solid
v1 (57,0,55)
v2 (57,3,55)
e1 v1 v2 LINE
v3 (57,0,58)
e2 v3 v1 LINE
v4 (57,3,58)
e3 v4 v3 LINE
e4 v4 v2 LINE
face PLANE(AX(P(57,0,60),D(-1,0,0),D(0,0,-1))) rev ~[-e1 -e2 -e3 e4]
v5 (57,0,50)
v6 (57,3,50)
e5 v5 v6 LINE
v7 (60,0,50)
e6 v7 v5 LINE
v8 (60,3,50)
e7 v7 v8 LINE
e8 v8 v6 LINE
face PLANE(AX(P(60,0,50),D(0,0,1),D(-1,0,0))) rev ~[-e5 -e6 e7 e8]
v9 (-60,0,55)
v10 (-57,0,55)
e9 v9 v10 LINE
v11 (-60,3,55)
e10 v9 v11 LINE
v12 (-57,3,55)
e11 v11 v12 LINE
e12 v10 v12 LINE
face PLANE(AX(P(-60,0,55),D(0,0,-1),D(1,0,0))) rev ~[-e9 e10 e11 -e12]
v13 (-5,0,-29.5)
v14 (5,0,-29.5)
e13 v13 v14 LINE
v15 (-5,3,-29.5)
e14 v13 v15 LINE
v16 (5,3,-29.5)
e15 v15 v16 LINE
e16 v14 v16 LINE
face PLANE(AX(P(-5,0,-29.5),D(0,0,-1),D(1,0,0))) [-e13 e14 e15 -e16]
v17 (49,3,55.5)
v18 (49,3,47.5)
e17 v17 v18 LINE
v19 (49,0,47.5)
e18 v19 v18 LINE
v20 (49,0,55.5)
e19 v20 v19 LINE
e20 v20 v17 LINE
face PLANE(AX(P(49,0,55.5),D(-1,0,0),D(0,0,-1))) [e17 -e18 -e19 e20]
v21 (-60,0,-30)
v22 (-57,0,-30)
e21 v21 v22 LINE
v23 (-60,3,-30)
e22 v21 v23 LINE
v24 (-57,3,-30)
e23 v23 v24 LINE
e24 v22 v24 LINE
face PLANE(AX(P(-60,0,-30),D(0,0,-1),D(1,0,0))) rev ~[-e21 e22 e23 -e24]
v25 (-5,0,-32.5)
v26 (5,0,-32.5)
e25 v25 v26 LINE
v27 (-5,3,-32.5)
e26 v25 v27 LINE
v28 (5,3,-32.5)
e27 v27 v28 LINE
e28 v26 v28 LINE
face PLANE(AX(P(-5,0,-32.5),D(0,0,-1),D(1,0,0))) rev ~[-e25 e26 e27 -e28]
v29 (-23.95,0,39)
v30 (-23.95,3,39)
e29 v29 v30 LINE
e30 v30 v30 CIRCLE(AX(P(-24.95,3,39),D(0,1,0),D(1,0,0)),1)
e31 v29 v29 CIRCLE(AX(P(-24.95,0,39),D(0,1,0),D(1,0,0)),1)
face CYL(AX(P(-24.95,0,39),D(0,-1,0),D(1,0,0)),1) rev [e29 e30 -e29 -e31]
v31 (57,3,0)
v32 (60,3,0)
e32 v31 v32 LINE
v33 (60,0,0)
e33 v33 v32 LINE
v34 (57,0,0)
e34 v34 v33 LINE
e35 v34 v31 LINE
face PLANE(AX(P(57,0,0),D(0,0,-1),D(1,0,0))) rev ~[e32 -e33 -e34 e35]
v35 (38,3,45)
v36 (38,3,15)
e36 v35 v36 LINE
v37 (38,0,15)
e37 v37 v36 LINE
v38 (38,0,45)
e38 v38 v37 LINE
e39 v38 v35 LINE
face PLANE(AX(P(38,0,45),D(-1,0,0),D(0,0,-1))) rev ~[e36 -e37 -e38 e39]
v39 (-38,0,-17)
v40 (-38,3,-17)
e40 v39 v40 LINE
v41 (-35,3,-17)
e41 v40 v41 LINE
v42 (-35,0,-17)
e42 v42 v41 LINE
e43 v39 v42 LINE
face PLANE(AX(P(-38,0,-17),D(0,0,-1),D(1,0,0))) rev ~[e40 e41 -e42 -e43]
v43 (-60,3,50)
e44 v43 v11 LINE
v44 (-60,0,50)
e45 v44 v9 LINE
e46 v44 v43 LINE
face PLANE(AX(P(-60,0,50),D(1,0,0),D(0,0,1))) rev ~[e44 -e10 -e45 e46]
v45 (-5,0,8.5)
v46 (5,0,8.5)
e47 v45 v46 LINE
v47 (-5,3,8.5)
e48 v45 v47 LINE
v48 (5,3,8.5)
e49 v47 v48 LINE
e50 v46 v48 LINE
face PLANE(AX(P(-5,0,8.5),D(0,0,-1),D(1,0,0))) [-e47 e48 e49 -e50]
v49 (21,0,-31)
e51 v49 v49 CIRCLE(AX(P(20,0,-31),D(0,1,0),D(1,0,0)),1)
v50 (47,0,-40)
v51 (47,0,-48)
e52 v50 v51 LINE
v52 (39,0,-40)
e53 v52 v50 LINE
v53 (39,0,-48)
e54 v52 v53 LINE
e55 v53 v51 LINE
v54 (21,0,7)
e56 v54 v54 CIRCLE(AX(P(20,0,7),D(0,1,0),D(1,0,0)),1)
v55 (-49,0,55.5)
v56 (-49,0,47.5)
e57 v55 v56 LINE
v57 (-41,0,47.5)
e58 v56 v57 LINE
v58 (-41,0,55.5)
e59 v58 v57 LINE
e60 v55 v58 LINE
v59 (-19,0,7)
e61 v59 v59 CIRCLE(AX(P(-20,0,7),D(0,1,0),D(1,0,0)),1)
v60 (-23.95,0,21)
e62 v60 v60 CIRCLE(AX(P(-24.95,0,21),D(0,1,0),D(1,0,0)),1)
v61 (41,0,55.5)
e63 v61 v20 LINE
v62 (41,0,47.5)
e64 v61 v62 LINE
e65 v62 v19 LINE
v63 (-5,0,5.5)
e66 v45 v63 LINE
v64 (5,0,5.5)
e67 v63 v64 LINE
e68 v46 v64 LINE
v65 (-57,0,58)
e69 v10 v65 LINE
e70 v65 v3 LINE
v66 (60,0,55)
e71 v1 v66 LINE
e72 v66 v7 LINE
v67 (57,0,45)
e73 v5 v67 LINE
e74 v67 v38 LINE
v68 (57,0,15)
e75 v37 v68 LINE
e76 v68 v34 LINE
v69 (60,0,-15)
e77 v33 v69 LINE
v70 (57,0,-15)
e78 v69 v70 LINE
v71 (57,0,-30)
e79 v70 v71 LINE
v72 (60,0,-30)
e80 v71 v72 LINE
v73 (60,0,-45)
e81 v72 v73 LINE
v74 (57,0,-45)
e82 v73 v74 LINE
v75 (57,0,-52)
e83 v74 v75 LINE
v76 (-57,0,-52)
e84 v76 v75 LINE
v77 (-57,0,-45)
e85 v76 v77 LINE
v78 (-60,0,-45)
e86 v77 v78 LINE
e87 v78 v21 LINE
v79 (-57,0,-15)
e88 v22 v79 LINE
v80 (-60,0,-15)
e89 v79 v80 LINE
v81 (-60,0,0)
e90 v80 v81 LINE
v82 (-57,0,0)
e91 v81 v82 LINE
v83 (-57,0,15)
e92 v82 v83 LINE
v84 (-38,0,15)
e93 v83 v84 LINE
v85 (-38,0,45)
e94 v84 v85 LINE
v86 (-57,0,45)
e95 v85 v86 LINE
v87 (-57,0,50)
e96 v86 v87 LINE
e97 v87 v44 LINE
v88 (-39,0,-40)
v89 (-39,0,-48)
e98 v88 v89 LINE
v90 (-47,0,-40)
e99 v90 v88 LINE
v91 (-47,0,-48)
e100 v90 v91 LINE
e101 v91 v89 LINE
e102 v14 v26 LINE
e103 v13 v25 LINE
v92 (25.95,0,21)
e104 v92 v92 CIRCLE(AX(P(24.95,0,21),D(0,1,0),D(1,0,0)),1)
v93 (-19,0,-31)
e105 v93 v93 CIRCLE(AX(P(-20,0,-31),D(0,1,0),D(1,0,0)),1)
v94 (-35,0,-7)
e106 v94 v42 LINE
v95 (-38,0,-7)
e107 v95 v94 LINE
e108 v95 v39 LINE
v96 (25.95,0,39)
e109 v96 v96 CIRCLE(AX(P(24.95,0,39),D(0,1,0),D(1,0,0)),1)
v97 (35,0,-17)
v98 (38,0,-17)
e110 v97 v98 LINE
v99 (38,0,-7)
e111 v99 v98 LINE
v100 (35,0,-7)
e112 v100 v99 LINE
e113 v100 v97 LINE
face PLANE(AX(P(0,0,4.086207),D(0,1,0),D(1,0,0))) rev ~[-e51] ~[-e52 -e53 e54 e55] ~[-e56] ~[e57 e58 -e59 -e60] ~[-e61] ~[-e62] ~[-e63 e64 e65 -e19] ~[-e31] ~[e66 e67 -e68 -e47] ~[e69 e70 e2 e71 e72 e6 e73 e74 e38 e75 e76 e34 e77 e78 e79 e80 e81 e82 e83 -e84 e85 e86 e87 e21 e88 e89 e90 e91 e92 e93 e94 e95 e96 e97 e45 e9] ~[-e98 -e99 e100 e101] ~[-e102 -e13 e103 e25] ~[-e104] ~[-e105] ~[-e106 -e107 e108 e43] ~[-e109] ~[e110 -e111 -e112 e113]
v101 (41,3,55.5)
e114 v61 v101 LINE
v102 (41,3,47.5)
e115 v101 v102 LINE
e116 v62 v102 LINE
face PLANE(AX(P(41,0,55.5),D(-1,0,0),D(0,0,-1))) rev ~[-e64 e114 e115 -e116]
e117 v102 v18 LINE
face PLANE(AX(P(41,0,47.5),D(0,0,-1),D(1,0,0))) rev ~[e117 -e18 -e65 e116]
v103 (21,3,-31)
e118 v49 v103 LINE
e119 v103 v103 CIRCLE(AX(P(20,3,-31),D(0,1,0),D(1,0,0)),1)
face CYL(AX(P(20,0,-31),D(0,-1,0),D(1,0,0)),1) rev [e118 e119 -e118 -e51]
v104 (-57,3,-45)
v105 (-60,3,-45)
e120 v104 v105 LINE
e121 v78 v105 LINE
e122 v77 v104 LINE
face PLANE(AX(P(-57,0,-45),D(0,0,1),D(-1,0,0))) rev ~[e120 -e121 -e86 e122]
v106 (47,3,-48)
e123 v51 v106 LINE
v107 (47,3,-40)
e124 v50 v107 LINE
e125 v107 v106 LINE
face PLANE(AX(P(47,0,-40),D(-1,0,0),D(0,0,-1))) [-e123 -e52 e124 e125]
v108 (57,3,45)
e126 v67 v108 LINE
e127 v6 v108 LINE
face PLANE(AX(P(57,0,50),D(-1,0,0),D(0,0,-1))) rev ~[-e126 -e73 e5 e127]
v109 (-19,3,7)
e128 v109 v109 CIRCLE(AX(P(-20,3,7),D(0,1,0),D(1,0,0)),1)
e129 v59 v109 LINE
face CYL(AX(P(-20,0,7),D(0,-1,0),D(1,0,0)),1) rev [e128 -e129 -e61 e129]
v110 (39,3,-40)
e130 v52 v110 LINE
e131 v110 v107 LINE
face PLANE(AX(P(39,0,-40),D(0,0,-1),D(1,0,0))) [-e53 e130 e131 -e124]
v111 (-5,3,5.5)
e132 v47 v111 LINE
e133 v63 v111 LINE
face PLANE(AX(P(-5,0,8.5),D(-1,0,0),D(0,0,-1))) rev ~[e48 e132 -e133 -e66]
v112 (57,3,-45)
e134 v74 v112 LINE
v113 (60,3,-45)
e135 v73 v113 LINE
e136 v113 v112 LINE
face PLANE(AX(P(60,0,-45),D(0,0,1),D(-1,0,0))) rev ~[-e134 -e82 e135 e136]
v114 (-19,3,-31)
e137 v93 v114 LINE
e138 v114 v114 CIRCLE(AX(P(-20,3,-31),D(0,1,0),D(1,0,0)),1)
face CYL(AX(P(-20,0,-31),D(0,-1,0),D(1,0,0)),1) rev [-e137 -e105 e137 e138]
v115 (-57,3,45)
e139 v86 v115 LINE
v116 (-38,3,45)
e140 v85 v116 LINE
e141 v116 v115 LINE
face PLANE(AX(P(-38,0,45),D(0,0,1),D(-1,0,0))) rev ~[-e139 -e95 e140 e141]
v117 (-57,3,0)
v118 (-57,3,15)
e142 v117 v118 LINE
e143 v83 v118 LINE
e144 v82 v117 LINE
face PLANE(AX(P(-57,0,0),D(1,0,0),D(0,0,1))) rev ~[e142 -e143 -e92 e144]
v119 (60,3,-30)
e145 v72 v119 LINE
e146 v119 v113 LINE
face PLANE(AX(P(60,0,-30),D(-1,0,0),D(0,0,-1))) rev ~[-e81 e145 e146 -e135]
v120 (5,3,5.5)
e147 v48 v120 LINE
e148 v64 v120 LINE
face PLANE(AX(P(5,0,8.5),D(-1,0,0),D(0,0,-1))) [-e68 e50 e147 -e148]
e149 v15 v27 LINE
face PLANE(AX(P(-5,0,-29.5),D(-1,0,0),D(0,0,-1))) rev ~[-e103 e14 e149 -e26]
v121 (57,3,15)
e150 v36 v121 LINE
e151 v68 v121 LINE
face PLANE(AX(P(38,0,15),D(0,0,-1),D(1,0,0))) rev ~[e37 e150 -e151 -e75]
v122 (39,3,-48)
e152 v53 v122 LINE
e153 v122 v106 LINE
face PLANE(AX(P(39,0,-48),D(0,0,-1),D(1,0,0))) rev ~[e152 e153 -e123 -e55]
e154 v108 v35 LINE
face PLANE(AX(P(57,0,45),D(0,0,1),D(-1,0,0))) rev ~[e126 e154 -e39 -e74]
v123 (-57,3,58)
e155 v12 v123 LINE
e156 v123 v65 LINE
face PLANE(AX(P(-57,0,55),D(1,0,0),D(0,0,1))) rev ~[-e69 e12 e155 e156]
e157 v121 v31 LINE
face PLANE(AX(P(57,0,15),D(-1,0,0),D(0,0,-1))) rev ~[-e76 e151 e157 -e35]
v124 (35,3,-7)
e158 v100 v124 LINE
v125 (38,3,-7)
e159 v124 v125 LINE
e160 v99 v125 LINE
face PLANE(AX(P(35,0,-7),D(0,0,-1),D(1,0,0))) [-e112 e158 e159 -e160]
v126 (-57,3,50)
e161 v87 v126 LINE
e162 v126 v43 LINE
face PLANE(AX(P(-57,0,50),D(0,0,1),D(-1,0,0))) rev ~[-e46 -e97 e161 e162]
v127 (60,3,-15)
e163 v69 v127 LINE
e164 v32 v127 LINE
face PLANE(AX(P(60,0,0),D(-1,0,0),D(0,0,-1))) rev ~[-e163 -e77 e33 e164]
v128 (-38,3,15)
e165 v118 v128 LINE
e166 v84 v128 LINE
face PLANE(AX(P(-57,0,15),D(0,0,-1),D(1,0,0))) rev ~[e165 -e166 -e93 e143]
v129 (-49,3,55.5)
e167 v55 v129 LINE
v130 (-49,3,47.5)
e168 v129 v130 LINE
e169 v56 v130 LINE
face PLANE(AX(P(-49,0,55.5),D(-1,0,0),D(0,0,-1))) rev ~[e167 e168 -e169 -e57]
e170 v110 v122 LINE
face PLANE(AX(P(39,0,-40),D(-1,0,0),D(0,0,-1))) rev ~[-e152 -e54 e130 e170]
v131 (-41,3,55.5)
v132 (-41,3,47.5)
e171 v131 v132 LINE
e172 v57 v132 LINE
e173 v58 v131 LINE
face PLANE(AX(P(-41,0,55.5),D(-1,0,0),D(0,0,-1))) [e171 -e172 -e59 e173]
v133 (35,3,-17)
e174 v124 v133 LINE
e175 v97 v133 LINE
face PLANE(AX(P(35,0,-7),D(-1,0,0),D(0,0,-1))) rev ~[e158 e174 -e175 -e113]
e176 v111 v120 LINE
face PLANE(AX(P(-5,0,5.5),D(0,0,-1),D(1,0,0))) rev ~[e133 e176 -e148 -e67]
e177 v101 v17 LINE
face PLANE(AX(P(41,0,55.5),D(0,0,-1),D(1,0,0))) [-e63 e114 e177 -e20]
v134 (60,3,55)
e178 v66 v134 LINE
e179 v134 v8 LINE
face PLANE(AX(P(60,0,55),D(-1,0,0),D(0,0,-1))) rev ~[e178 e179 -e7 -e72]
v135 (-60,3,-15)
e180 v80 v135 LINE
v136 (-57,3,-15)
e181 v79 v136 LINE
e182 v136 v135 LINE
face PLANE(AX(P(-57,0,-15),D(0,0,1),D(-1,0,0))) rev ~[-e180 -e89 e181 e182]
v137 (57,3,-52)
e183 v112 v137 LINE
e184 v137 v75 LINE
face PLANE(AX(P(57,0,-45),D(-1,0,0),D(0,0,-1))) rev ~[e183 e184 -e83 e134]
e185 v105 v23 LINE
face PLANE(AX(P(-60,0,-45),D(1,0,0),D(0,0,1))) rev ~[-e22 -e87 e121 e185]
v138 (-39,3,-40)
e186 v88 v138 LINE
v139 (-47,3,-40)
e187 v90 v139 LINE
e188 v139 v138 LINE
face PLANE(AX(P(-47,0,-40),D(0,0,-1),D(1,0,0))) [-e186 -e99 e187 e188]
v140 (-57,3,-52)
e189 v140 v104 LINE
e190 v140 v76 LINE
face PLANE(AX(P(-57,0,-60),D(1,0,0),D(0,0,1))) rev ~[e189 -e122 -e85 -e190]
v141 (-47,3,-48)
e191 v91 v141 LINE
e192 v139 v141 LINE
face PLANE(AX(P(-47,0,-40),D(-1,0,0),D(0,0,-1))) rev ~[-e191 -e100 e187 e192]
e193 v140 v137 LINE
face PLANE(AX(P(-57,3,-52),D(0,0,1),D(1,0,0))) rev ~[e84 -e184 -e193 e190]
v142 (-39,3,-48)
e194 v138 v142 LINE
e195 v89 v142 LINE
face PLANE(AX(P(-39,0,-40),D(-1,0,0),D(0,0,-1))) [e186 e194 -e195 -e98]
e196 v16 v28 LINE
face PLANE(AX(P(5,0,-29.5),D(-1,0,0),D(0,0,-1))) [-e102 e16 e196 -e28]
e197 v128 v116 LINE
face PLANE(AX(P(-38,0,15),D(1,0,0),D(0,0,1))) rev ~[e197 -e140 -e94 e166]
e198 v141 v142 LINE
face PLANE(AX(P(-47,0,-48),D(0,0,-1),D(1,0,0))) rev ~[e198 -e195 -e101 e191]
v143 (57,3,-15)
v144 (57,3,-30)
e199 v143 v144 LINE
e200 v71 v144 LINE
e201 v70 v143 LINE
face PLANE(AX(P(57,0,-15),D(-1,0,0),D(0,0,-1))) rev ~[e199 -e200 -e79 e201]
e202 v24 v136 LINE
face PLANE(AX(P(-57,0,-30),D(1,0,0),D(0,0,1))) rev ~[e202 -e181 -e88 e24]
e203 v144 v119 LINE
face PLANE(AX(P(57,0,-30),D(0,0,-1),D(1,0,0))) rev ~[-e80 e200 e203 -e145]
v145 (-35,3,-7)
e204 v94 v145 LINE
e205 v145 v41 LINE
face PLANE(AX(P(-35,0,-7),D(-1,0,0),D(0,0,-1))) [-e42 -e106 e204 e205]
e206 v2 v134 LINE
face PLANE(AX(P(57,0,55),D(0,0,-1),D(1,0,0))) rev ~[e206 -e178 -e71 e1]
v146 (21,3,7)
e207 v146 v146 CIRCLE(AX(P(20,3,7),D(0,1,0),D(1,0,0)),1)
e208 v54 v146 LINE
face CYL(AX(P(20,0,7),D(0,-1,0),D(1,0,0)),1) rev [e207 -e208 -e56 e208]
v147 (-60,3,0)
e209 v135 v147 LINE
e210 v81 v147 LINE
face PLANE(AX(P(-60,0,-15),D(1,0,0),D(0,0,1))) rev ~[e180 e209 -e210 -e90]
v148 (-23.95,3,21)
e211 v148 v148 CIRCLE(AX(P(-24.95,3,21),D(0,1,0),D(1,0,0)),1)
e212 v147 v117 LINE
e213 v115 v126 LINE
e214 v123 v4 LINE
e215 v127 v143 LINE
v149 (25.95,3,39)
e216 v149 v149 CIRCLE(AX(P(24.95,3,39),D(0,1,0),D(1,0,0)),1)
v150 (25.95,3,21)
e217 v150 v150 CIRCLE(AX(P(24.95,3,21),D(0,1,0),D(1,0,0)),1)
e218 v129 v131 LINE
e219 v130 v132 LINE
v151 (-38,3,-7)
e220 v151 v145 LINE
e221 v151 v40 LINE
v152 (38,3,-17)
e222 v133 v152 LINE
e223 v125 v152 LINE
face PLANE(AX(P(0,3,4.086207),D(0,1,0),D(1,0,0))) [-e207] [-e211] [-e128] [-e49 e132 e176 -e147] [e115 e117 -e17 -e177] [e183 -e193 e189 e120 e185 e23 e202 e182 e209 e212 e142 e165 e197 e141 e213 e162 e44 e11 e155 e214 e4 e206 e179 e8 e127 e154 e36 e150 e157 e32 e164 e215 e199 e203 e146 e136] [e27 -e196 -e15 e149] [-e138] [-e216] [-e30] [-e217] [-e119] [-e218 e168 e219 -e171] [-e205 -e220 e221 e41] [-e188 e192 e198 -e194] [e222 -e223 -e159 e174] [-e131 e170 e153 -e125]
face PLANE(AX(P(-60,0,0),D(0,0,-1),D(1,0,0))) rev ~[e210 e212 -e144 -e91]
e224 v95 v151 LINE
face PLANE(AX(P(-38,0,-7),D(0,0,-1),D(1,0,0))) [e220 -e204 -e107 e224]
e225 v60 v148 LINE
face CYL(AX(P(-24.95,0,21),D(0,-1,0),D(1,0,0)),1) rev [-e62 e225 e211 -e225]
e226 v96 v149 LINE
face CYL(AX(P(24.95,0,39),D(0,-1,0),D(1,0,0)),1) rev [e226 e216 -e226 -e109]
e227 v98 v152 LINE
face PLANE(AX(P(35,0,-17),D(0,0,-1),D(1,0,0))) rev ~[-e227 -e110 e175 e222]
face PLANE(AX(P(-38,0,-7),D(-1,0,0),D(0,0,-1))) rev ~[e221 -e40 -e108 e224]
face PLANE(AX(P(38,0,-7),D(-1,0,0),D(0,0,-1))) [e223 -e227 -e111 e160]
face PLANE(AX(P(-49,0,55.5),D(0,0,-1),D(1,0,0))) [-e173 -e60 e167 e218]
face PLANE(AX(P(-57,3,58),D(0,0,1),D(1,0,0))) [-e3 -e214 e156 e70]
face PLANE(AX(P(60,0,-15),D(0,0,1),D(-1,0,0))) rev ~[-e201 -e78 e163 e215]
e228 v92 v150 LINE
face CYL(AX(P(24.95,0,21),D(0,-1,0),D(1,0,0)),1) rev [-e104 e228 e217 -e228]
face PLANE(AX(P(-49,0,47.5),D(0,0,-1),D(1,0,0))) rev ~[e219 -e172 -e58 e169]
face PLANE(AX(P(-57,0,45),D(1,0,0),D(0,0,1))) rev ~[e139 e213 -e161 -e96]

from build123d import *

# Parameters (mm, degrees)
CROQUIS1_W              = 8
CROQUIS1_H              = 8
CROQUIS1_R              = 1
CROQUIS1_W_2            = 10
CROQUIS1_H_2            = 3
CROQUIS1_W_3            = 3
CROQUIS1_H_3            = 10
SALIENTE_EXTRUIR1_DEPTH = 3
CROQUIS2_W              = 114
CROQUIS2_H              = 8
CORTAR_EXTRUIR1_DEPTH   = 4
CROQUIS3_W              = 114
CROQUIS3_H              = 2
CORTAR_EXTRUIR2_DEPTH   = 4


with BuildPart() as part:
    # Croquis1 → Saliente-Extruir1 (new body)
    with BuildSketch(Plane(origin=(0, 0, 0), x_dir=(1, 0, 0), z_dir=(0, 1, 0))):
        Polygon((-57, 0), (-57, -15), (-38, -15), (-38, -45), (-57, -45), (-57, -50), (-60, -50), (-60, -55), (-57, -55), (-57, -60), (57, -60), (57, -55), (60, -55), (60, -50), (57, -50), (57, -45), (38, -45), (38, -15), (57, -15), (57, 0), (60, 0), (60, 15), (57, 15), (57, 30), (60, 30), (60, 45), (57, 45), (57, 60), (-57, 60), (-57, 45), (-60, 45), (-60, 30), (-57, 30), (-57, 15), (-60, 15), (-60, 0), align=None)
        with Locations((-45, -51.5)):
            Rectangle(CROQUIS1_W, CROQUIS1_H, mode=Mode.SUBTRACT)
        with Locations((-24.95, -39)):
            Circle(CROQUIS1_R, mode=Mode.SUBTRACT)
        with Locations((-24.95, -21)):
            Circle(CROQUIS1_R, mode=Mode.SUBTRACT)
        with Locations((-20, -7)):
            Circle(CROQUIS1_R, mode=Mode.SUBTRACT)
        with Locations((24.95, -39)):
            Circle(CROQUIS1_R, mode=Mode.SUBTRACT)
        with Locations((45, -51.5)):
            Rectangle(CROQUIS1_W, CROQUIS1_H, mode=Mode.SUBTRACT)
        with Locations((24.95, -21)):
            Circle(CROQUIS1_R, mode=Mode.SUBTRACT)
        with Locations((0, -7)):
            Rectangle(CROQUIS1_W_2, CROQUIS1_H_2, mode=Mode.SUBTRACT)
        with Locations((20, -7)):
            Circle(CROQUIS1_R, mode=Mode.SUBTRACT)
        with Locations((-36.5, 12)):
            Rectangle(CROQUIS1_W_3, CROQUIS1_H_3, mode=Mode.SUBTRACT)
        with Locations((-43, 44)):
            Rectangle(CROQUIS1_W, CROQUIS1_H, mode=Mode.SUBTRACT)
        with Locations((-20, 31)):
            Circle(CROQUIS1_R, mode=Mode.SUBTRACT)
        with Locations((36.5, 12)):
            Rectangle(CROQUIS1_W_3, CROQUIS1_H_3, mode=Mode.SUBTRACT)
        with Locations((0, 31)):
            Rectangle(CROQUIS1_W_2, CROQUIS1_H_2, mode=Mode.SUBTRACT)
        with Locations((20, 31)):
            Circle(CROQUIS1_R, mode=Mode.SUBTRACT)
        with Locations((43, 44)):
            Rectangle(CROQUIS1_W, CROQUIS1_H, mode=Mode.SUBTRACT)
    extrude(amount=SALIENTE_EXTRUIR1_DEPTH)

    # Croquis2 → Cortar-Extruir1 (cut, through all)
    with BuildSketch(Plane(origin=(0, 3, 0), x_dir=(1, 0, 0), z_dir=(0, 1, 0))):
        with Locations((0, 56)):
            Rectangle(CROQUIS2_W, CROQUIS2_H)
    extrude(amount=-CORTAR_EXTRUIR1_DEPTH, mode=Mode.SUBTRACT)

    # Croquis3 → Cortar-Extruir2 (cut, through all)
    with BuildSketch(Plane(origin=(0, 3, 0), x_dir=(1, 0, 0), z_dir=(0, 1, 0))):
        with Locations((0, -59)):
            Rectangle(CROQUIS3_W, CROQUIS3_H)
    extrude(amount=-CORTAR_EXTRUIR2_DEPTH, mode=Mode.SUBTRACT)


solid = part.part
